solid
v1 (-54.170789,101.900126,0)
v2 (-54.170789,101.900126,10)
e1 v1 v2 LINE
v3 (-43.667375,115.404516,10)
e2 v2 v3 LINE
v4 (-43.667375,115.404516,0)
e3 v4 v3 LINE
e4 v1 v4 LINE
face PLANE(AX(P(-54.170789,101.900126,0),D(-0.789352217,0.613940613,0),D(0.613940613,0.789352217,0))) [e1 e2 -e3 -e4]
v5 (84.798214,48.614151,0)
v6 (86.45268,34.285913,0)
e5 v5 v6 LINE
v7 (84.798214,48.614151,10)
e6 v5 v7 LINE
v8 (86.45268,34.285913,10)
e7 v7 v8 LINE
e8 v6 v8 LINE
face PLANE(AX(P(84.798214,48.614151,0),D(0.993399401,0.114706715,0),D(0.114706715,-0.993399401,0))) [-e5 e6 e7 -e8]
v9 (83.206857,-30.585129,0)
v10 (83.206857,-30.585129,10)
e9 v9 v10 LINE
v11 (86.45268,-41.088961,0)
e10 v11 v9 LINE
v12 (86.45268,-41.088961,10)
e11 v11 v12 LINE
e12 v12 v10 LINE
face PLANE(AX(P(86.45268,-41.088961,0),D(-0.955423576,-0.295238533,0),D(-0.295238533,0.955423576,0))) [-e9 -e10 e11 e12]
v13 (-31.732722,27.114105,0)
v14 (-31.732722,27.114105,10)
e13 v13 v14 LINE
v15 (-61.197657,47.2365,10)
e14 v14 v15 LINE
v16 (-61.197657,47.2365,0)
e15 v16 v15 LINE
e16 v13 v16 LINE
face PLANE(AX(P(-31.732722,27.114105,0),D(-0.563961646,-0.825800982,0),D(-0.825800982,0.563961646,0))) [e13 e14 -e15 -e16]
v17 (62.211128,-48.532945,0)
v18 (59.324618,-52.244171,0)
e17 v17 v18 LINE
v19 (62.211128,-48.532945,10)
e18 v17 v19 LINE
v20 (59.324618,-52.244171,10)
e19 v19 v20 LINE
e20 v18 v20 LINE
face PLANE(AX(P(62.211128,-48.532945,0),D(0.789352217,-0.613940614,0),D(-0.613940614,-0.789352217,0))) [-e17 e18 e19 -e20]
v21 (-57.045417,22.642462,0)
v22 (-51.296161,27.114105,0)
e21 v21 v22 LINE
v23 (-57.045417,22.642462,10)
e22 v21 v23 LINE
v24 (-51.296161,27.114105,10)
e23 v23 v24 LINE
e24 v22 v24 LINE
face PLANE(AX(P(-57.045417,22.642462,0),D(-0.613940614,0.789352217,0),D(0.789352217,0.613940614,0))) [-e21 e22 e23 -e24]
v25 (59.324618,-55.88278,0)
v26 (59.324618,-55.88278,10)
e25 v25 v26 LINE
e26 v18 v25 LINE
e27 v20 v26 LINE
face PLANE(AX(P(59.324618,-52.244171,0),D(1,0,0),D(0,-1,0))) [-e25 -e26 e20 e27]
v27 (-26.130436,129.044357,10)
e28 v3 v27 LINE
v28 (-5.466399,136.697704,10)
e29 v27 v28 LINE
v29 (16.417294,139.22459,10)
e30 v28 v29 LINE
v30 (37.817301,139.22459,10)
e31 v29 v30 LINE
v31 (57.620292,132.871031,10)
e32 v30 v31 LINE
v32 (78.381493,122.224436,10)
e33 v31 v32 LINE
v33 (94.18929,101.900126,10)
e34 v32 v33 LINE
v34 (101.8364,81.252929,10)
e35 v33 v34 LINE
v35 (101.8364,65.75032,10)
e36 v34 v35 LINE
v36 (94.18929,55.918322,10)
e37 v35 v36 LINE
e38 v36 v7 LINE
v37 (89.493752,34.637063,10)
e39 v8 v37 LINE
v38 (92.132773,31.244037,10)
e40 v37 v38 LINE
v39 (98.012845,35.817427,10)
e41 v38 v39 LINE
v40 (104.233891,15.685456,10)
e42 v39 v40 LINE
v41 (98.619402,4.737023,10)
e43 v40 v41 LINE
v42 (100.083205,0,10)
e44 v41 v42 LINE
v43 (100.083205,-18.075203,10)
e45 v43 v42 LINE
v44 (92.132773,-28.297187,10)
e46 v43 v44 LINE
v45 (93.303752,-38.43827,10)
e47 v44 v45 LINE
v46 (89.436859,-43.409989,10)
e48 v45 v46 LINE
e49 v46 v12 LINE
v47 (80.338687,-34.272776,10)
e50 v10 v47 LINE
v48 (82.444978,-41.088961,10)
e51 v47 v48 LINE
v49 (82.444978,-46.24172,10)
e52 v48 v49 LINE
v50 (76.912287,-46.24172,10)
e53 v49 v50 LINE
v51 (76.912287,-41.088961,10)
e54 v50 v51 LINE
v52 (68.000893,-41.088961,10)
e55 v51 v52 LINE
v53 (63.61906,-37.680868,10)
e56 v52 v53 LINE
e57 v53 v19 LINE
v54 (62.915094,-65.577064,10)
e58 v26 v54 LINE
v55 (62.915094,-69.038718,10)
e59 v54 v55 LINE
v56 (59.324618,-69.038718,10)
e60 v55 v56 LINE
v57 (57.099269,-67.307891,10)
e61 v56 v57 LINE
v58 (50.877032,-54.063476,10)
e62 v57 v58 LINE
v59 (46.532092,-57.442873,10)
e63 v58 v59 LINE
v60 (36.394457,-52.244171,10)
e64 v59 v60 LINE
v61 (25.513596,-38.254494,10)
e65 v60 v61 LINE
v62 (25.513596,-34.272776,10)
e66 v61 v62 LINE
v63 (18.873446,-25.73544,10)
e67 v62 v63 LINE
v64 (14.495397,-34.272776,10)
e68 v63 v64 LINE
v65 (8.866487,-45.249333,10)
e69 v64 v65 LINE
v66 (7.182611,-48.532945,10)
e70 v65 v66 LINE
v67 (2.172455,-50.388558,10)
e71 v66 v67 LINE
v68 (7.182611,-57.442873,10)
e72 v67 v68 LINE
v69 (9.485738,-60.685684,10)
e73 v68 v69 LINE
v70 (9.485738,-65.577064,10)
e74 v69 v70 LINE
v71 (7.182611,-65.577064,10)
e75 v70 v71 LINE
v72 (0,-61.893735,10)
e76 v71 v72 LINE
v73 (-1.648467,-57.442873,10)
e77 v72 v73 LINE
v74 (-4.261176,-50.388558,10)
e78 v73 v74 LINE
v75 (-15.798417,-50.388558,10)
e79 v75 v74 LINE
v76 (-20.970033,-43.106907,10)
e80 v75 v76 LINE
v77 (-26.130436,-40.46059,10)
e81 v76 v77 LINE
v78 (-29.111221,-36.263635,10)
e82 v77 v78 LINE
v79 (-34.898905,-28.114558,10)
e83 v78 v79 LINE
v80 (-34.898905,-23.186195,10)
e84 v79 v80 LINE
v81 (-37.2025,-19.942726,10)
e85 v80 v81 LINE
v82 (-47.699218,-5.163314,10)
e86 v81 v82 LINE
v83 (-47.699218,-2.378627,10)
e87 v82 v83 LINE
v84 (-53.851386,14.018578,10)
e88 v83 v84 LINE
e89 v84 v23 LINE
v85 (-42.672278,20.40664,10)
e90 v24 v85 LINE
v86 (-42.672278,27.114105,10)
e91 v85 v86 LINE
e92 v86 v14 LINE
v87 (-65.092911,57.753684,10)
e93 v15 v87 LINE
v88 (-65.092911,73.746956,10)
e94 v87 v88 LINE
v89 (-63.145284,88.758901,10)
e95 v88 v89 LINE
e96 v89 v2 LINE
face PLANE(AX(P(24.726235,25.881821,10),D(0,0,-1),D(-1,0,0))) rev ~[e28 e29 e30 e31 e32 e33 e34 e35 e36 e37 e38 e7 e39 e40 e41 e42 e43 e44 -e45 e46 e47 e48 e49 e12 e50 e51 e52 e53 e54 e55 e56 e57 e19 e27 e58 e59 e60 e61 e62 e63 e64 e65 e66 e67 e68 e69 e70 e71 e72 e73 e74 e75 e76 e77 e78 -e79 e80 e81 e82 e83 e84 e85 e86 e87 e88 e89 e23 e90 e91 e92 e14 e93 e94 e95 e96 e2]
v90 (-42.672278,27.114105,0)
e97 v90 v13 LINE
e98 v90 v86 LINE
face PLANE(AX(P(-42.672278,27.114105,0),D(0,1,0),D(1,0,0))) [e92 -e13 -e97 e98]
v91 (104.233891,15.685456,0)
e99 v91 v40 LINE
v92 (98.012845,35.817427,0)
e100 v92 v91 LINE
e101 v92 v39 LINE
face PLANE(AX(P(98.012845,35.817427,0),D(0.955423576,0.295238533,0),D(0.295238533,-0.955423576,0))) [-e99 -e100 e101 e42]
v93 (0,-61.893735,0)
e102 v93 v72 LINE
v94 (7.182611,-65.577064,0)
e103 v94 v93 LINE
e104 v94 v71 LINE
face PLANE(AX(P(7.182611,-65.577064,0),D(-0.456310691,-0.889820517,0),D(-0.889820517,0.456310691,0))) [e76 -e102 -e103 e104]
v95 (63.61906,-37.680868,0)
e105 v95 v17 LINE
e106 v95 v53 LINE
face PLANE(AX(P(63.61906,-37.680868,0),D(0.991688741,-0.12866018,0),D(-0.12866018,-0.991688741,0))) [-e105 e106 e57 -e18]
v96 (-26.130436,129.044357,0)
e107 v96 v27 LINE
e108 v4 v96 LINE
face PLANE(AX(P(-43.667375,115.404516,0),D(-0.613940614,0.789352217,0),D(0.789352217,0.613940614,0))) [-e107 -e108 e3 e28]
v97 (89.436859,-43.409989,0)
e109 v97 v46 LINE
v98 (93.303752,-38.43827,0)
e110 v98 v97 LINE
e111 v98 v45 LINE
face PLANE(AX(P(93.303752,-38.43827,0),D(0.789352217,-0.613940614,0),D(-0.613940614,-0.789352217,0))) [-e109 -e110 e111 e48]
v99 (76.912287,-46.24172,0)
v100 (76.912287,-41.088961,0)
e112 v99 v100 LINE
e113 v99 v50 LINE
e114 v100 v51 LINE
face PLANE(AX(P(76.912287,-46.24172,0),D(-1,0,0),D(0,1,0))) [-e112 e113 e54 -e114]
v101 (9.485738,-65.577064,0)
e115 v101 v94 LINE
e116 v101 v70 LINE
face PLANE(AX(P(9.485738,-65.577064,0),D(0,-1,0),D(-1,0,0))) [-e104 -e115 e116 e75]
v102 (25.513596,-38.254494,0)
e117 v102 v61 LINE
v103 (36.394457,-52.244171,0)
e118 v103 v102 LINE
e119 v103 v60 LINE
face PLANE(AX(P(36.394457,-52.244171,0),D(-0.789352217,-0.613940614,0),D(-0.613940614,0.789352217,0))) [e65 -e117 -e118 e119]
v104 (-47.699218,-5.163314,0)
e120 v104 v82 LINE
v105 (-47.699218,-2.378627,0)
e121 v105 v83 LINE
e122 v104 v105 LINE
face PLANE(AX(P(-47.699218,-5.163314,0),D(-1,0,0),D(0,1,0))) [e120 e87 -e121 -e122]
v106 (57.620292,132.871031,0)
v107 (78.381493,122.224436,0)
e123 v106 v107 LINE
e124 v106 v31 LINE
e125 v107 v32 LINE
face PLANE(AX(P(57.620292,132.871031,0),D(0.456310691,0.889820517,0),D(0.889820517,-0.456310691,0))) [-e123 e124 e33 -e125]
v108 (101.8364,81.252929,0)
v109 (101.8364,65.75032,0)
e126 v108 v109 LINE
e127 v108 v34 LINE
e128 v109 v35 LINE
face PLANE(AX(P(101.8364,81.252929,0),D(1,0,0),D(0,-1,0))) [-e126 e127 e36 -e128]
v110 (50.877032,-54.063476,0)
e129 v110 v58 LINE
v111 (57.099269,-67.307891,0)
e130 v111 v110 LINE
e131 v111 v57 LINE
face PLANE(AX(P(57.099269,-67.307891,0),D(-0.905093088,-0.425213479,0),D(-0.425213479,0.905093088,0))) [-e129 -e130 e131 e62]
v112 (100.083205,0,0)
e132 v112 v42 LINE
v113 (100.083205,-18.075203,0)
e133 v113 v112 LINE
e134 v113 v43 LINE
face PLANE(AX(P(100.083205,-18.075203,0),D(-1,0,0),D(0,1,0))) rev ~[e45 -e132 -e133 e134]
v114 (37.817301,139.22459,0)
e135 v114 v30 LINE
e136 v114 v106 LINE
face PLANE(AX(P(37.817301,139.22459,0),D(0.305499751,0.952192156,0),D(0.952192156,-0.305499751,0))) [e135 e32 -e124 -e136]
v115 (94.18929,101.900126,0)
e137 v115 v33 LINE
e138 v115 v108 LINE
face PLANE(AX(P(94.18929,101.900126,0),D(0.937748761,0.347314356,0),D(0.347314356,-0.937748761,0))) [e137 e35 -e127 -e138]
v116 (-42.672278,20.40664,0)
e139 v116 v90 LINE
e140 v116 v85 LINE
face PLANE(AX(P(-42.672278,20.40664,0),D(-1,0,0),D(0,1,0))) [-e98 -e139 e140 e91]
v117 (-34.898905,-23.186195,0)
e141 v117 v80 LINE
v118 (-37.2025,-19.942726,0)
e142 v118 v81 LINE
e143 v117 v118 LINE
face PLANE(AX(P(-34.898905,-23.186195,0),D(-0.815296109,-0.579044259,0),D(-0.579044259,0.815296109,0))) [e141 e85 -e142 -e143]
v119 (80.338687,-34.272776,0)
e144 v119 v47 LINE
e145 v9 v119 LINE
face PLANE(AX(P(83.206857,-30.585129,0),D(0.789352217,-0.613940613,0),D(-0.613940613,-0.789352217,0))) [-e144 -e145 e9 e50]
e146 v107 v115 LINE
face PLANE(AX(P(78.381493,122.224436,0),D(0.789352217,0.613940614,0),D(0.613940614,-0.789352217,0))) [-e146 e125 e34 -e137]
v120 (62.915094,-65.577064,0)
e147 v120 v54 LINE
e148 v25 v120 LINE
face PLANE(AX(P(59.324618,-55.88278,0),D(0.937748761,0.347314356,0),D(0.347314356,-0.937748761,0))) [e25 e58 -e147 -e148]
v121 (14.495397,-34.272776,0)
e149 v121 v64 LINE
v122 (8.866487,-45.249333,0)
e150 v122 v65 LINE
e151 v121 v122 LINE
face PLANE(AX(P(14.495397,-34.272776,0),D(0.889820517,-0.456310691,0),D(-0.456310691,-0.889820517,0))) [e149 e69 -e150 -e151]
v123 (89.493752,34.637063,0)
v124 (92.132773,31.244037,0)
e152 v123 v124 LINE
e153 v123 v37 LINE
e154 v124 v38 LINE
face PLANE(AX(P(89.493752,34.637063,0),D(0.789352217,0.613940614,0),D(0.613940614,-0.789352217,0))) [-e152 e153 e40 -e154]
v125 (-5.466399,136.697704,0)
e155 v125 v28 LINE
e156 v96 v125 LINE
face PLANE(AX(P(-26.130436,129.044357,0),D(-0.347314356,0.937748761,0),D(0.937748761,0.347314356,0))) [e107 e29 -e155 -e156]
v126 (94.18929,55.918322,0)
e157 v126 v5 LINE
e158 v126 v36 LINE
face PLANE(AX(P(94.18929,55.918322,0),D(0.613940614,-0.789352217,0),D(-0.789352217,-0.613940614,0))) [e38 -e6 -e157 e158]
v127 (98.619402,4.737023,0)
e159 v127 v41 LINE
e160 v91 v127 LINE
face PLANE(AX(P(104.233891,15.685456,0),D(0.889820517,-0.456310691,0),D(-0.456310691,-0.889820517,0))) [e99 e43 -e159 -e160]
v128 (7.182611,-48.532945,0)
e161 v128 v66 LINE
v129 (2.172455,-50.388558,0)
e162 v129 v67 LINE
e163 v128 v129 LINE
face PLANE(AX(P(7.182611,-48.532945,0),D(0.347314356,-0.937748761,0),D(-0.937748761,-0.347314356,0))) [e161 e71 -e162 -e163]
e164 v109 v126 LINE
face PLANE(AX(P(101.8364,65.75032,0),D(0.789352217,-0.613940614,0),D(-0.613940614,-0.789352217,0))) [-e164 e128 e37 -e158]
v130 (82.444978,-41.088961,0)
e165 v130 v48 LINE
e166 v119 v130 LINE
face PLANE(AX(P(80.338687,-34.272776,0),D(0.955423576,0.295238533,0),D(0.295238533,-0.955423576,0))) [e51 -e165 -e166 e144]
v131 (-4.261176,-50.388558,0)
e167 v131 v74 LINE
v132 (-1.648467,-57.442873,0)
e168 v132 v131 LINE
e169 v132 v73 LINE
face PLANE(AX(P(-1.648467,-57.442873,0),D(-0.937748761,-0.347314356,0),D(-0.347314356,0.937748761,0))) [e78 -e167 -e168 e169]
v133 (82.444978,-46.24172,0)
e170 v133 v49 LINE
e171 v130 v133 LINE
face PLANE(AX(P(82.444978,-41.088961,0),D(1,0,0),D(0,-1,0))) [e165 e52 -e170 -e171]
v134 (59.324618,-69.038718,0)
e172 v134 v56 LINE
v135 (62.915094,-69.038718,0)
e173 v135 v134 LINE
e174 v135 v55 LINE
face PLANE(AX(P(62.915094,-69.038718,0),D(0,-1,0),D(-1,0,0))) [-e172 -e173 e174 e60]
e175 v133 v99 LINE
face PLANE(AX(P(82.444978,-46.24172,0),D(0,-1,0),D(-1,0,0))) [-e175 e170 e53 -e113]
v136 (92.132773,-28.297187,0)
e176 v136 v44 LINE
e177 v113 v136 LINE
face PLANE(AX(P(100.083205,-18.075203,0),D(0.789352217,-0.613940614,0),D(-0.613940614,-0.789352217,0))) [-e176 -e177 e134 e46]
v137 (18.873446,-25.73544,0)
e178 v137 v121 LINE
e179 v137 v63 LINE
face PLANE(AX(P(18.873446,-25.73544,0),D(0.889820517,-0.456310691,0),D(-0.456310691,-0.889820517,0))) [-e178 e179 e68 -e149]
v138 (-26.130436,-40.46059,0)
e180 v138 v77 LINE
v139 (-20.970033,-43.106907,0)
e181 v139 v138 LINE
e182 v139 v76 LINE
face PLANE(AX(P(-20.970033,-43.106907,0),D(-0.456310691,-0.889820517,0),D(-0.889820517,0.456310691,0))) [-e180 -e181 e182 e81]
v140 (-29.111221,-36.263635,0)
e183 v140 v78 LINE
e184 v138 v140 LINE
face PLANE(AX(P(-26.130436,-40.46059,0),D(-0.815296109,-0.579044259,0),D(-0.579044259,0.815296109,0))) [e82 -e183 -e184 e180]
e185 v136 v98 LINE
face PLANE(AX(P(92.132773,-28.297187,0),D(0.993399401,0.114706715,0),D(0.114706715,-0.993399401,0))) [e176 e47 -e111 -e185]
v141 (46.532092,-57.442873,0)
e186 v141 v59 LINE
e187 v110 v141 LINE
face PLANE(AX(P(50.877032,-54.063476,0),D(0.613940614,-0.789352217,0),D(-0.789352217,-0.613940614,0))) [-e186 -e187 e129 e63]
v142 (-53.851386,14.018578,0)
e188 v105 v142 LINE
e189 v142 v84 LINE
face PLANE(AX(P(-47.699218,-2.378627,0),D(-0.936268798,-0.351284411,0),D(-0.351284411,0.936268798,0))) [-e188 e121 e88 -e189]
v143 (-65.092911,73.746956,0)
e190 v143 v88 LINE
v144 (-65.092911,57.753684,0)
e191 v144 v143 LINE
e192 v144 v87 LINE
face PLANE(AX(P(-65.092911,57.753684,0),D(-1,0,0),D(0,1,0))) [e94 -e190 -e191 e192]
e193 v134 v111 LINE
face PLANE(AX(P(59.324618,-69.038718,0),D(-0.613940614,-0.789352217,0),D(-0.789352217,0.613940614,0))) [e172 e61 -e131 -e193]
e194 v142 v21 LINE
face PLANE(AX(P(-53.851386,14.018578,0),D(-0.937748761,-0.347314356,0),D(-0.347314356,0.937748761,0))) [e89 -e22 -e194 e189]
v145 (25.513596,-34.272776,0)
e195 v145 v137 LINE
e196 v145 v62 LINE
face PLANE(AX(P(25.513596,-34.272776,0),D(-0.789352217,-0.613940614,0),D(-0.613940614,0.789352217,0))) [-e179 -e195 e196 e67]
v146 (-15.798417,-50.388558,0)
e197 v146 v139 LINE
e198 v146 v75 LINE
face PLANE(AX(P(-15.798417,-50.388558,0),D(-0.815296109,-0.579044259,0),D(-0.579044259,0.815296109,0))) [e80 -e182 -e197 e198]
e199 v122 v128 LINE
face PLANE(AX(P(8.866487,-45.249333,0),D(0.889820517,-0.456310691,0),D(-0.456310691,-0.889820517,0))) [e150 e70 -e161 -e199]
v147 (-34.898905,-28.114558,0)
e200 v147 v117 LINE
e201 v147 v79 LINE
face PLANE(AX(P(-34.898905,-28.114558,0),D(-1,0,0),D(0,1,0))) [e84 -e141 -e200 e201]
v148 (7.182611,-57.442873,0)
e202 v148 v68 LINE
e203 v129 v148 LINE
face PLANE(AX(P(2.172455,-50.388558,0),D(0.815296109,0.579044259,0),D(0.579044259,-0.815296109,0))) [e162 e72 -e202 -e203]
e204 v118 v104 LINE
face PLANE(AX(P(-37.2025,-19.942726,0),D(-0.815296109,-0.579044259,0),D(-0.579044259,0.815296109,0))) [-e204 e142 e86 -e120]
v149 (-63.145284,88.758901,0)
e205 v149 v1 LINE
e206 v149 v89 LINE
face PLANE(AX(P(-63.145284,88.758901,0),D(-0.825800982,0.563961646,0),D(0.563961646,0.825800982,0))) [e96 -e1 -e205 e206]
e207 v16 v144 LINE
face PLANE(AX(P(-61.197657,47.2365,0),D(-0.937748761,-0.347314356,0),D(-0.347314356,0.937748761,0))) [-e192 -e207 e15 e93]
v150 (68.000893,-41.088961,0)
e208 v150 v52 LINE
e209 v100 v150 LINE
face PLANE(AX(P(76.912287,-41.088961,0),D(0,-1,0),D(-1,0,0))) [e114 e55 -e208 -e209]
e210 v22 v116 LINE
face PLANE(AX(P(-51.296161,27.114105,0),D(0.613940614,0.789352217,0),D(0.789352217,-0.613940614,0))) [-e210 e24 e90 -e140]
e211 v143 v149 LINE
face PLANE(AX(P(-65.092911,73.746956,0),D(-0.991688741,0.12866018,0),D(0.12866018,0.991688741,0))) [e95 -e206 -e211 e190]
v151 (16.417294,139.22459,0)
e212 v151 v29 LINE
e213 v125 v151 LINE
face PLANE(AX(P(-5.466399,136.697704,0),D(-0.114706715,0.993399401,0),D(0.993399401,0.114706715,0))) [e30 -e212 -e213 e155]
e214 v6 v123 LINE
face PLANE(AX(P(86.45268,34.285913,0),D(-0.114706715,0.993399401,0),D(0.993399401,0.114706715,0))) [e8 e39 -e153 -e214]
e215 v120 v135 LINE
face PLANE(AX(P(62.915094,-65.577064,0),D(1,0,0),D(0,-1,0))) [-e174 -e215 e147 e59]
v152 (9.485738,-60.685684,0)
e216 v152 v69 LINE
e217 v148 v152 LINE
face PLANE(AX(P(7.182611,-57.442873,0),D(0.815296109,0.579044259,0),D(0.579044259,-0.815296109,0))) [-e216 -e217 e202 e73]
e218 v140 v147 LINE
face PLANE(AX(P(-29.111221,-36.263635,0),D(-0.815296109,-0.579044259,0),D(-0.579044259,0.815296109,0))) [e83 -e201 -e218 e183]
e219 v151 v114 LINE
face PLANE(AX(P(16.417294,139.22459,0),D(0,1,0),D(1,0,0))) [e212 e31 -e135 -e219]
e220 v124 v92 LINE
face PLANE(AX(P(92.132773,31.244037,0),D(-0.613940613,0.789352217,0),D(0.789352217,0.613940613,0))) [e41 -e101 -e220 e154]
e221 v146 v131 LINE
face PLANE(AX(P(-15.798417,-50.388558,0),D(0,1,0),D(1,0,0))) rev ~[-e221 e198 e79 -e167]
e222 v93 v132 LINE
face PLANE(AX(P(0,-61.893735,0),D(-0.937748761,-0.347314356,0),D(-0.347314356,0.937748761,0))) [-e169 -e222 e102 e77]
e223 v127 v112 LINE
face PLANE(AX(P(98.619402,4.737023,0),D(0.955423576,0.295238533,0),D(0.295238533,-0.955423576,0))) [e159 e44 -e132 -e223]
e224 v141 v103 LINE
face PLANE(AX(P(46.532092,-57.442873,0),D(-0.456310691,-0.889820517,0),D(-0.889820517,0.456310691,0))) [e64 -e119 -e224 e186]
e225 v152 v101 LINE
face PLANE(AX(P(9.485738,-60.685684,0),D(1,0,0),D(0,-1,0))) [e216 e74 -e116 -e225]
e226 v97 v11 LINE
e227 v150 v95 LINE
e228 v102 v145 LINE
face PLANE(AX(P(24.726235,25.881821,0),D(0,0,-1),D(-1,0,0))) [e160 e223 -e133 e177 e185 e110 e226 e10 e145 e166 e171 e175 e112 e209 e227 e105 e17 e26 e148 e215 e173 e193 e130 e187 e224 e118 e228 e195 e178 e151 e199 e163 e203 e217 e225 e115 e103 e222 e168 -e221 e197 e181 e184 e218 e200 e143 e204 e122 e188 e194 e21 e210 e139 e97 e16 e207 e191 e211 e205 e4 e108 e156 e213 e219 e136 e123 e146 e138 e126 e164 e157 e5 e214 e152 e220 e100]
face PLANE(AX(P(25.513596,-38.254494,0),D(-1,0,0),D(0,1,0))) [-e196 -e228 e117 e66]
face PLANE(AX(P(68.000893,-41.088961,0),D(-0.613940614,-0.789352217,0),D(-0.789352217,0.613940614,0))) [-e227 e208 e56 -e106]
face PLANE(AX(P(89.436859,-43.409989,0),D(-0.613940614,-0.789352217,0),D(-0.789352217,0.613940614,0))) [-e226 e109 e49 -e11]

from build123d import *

# Parameters (mm, degrees)
EXTRUDE_1_DEPTH = 10


with BuildPart() as part:
    # Эскиз1 → Бобышка-Вытянуть1 (new body)
    with BuildSketch(Plane.XY):
        Polygon((-53.85138596, 14.018578311), (-57.04541686, 22.64246174), (-51.296161241, 27.114105), (-42.672277811, 20.40664011), (-42.672277811, 27.114105), (-31.732721979, 27.114105), (-61.19765703, 47.236499669), (-65.092910636, 57.753684406), (-65.092910636, 73.746956137), (-63.145283833, 88.758901366), (-54.17078905, 101.900125869), (-43.667374626, 115.404515844), (-26.130435815, 129.044357141), (-5.466398977, 136.697704118), (16.417293835, 139.224589583), (37.817300864, 139.224589583), (57.620292443, 132.871030629), (78.381493292, 122.224436492), (94.189290443, 101.900125869), (101.836400486, 81.252928751), (101.836400486, 65.750320271), (94.189290443, 55.918321644), (84.798214398, 48.614151387), (86.452679963, 34.285913445), (89.49375242, 34.637062671), (92.132772709, 31.244036586), (98.012845465, 35.817426507), (104.233890809, 15.685456171), (98.619402154, 4.737022793), (100.083204907, 0), (100.083204907, -10.326628952), (100.083204907, -18.075202764), (92.132772709, -28.297187018), (93.303752164, -38.438269801), (89.436859181, -43.40998935), (86.452679963, -41.088961069), (83.206856787, -30.585128953), (80.338686983, -34.272775844), (82.444978452, -41.088961069), (82.444978452, -46.241720155), (76.912286554, -46.241720155), (76.912286554, -41.088961069), (68.000892867, -41.088961069), (63.619059508, -37.680868456), (62.211127726, -48.532944823), (59.324618186, -52.244171373), (59.324618186, -55.882780265), (62.915093617, -65.577063928), (62.915093617, -69.038718479), (59.324618186, -69.038718479), (57.099268832, -67.307891203), (50.877031559, -54.063475819), (46.532092284, -57.442873034), (36.394456911, -52.244171373), (25.513596442, -38.254493627), (25.513596442, -34.272775844), (18.873446088, -25.735439675), (14.495397156, -34.272775844), (8.866486546, -45.2493325), (7.182610552, -48.532944823), (2.172454709, -50.388558098), (7.182610552, -57.442873034), (9.485737931, -60.685683511), (9.485737931, -65.577063928), (7.182610552, -65.577063928), (0, -61.893734627), (-1.648467257, -57.442873034), (-4.261176492, -50.388558098), (-7.199449567, -50.388558098), (-12.097138316, -50.388558098), (-15.798417396, -50.388558098), (-20.970033483, -43.10690664), (-26.130435815, -40.460590099), (-29.111221424, -36.263634735), (-34.898905221, -28.114558035), (-34.898905221, -23.186194891), (-37.202499895, -19.942726459), (-47.699218285, -5.163314476), (-47.699218285, -2.378627093), align=None)
    extrude(amount=EXTRUDE_1_DEPTH)


solid = part.part
